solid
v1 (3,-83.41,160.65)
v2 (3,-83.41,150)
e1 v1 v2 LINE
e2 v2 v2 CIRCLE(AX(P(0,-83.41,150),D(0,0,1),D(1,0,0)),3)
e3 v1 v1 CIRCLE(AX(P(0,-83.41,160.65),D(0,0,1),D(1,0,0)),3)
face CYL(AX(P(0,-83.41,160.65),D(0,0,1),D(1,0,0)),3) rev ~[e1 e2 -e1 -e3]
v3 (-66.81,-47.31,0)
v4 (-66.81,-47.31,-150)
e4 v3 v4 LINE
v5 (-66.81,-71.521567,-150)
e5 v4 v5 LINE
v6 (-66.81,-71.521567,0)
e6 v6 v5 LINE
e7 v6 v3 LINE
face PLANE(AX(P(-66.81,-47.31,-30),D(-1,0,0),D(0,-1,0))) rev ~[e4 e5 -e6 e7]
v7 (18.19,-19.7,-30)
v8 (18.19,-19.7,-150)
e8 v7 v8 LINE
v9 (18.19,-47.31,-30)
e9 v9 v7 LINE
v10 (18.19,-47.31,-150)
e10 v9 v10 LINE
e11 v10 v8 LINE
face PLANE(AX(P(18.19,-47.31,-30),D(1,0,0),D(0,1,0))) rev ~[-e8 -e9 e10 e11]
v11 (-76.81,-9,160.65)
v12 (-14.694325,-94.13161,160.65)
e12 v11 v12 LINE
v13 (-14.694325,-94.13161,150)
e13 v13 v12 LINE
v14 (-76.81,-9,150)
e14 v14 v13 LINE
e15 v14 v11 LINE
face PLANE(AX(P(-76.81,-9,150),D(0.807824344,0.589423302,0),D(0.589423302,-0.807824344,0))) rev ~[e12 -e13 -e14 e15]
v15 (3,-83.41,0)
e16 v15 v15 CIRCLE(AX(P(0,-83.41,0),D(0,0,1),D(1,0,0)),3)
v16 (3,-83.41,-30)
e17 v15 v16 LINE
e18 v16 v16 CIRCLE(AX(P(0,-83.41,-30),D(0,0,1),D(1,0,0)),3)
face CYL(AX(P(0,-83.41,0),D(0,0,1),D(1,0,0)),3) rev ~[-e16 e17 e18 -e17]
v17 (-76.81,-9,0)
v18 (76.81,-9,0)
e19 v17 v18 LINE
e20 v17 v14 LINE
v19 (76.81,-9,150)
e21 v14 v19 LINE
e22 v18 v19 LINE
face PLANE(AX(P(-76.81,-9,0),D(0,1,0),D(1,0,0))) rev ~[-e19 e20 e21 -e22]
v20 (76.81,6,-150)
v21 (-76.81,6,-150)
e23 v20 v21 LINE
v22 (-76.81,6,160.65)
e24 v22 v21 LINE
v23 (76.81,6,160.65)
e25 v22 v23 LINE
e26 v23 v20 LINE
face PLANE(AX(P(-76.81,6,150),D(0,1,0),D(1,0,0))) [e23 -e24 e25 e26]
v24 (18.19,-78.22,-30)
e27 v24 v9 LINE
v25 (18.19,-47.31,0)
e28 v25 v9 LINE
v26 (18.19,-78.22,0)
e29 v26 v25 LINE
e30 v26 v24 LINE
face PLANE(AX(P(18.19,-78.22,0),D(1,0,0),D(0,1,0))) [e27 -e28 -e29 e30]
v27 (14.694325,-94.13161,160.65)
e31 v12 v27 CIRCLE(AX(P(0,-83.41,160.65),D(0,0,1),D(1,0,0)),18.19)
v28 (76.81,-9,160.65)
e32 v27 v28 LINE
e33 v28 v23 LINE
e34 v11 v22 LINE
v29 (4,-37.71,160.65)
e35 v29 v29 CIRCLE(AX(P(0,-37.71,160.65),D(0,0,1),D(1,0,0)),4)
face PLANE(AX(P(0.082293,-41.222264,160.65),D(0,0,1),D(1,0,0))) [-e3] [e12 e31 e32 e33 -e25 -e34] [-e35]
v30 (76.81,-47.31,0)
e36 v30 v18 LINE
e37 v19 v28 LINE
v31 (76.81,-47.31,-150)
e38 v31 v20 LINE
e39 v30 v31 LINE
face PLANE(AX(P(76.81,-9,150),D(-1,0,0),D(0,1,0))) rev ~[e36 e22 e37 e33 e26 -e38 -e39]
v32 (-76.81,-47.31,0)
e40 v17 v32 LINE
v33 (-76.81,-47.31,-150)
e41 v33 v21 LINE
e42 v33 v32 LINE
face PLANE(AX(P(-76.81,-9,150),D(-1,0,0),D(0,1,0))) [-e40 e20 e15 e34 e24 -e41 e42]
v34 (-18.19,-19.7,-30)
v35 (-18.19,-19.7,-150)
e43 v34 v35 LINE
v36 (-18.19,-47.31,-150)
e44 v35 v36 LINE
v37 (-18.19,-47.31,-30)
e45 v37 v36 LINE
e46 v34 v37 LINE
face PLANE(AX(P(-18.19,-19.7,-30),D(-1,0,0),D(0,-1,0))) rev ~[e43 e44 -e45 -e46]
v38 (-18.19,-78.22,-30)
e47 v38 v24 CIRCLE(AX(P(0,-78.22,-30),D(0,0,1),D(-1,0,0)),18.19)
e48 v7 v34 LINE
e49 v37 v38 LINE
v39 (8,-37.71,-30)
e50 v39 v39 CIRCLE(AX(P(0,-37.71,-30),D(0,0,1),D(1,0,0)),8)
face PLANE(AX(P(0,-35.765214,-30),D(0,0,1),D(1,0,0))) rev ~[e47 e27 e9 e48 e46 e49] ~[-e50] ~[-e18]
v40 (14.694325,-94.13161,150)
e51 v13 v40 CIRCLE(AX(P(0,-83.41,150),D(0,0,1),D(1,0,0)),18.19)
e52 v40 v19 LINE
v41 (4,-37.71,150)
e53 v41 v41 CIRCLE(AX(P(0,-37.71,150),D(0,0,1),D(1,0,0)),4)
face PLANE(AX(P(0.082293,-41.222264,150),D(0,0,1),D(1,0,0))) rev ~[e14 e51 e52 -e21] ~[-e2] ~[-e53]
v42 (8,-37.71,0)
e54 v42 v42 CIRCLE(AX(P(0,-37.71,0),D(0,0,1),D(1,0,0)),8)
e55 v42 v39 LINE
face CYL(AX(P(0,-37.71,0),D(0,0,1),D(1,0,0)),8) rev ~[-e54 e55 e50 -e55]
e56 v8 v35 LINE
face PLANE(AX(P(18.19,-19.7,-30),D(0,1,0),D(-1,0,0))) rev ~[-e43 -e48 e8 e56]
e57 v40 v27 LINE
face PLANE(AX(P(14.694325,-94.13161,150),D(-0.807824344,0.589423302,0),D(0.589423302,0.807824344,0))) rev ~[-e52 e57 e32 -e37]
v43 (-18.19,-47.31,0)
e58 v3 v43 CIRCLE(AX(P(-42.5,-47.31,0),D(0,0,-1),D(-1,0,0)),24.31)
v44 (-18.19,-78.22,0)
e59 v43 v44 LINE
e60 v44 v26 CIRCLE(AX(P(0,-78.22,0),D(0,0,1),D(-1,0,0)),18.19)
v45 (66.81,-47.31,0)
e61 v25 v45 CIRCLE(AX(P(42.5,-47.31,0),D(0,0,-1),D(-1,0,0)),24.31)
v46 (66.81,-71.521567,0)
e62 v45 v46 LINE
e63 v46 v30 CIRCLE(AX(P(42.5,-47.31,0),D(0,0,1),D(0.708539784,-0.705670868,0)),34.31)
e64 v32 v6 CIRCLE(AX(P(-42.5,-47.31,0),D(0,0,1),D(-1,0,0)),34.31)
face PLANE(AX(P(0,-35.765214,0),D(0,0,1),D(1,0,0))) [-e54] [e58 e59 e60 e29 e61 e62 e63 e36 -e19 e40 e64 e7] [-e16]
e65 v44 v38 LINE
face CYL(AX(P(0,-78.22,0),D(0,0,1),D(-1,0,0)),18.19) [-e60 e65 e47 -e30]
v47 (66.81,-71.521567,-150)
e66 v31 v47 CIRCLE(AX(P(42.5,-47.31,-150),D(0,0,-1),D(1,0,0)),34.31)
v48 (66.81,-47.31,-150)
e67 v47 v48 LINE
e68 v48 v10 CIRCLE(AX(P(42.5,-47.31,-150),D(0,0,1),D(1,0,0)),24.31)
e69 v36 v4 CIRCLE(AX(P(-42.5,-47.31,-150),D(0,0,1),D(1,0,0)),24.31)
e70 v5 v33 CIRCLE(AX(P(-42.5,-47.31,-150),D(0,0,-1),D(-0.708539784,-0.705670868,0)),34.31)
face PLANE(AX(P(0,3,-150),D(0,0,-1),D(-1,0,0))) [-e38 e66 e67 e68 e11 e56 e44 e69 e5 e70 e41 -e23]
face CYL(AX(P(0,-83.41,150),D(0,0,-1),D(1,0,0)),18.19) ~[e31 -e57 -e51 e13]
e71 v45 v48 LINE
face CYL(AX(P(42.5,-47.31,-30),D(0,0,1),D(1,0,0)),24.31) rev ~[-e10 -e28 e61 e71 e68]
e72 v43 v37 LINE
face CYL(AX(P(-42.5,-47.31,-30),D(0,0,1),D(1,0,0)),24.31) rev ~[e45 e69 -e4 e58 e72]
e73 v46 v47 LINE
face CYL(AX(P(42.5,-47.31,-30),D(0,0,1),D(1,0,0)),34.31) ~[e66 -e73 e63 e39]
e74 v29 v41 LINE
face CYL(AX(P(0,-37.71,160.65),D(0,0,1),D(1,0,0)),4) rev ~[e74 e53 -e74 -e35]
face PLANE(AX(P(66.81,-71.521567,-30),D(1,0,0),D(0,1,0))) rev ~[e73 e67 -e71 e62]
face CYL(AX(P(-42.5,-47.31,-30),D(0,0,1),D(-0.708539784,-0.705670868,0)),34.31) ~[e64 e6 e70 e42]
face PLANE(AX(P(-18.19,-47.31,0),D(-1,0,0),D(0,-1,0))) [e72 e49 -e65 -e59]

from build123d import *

# Parameters (mm, degrees)
SKETCH1_R           = 3
SKETCH1_R_2         = 8
BOSS_EXTRUDE1_DEPTH = 30
BOSS_EXTRUDE2_DEPTH = 120
SKETCH5_W           = 153.62
SKETCH5_H           = 9
SKETCH5_H_2         = 6
BOSS_EXTRUDE3_DEPTH = 150
SKETCH6_W           = 153.62
SKETCH6_H           = 6
BOSS_EXTRUDE4_DEPTH = 150
SKETCH7_W           = 153.62
SKETCH7_H           = 15
SKETCH7_R           = 18.19
BOSS_EXTRUDE5_DEPTH = 10.65
CUT_EXTRUDE1_REACH  = 337.747
SKETCH8_R           = 3
SKETCH8_R_2         = 4


with BuildPart() as part:
    # Sketch1 → Boss-Extrude1 (new body)
    with BuildSketch(Plane.XY):
        with BuildLine():
            Line((-18.19, -47.31), (-18.19, -78.22))
            ThreePointArc((-18.19, -78.22), (0, -96.41), (18.19, -78.22))
            Line((18.19, -78.22), (18.19, -47.31))
            ThreePointArc((18.19, -47.31), (42.5, -23), (66.81, -47.31))
            Line((66.81, -47.31), (66.81, -71.521567483))
            ThreePointArc((66.81, -71.521567483), (74.211608285, -60.407709723), (76.81, -47.31))
            Line((76.81, -47.31), (76.81, 0))
            Line((76.81, 0), (-76.81, 0))
            Line((-76.81, 0), (-76.81, -47.31))
            ThreePointArc((-76.81, -47.31), (-74.211608285, -60.407709723), (-66.81, -71.521567483))
            Line((-66.81, -71.521567483), (-66.81, -47.31))
            ThreePointArc((-66.81, -47.31), (-42.5, -23), (-18.19, -47.31))
        make_face()
        with Locations((0, -83.41)):
            Circle(SKETCH1_R, mode=Mode.SUBTRACT)
        with Locations((0, -37.71)):
            Circle(SKETCH1_R_2, mode=Mode.SUBTRACT)
    extrude(amount=-BOSS_EXTRUDE1_DEPTH)

    # Sketch3 → Boss-Extrude2 (add)
    with BuildSketch(Plane(origin=(0, 0, -30), x_dir=(-1, 0, 0), z_dir=(0, 0, -1))):
        with BuildLine():
            Line((-76.81, 0), (-76.81, -47.31))
            ThreePointArc((-76.81, -47.31), (-74.211608285, -60.407709723), (-66.81, -71.521567483))
            Line((-66.81, -71.521567483), (-66.81, -47.31))
            ThreePointArc((-66.81, -47.31), (-42.5, -23), (-18.19, -47.31))
            Line((-18.19, -47.31), (-18.19, -19.7))
            Line((-18.19, -19.7), (18.19, -19.7))
            Line((18.19, -19.7), (18.19, -47.31))
            ThreePointArc((18.19, -47.31), (42.5, -23), (66.81, -47.31))
            Line((66.81, -47.31), (66.81, -71.521567483))
            ThreePointArc((66.81, -71.521567483), (74.211608285, -60.407709723), (76.81, -47.31))
            Line((76.81, -47.31), (76.81, 0))
            Line((76.81, 0), (-76.81, 0))
        make_face()
    extrude(amount=BOSS_EXTRUDE2_DEPTH)

    # Sketch5 → Boss-Extrude3 (add)
    with BuildSketch(Plane.XY):
        with Locations((0, -4.5)):
            Rectangle(SKETCH5_W, SKETCH5_H)
        with Locations((0, 3)):
            Rectangle(SKETCH5_W, SKETCH5_H_2)
    extrude(amount=BOSS_EXTRUDE3_DEPTH)

    # Sketch6 → Boss-Extrude4 (add)
    with BuildSketch(Plane(origin=(0, 0, 0), x_dir=(-1, 0, 0), z_dir=(0, 0, -1))):
        with Locations((0, 3)):
            Rectangle(SKETCH6_W, SKETCH6_H)
    extrude(amount=BOSS_EXTRUDE4_DEPTH)

    # Sketch7 → Boss-Extrude5 (add)
    with BuildSketch(Plane.XY.offset(150)):
        with BuildLine():
            Line((-76.81, -9), (-14.694324823, -94.13160986))
            ThreePointArc((-14.694324823, -94.13160986), (-5.638542873, -66.115985594), (18.19, -83.41))
            ThreePointArc((18.19, -83.41), (17.294014406, -89.048542873), (14.694324823, -94.13160986))
            Line((14.694324823, -94.13160986), (76.81, -9))
            Line((76.81, -9), (-76.81, -9))
        make_face()
        with Locations((0, -1.5)):
            Rectangle(SKETCH7_W, SKETCH7_H)
        with Locations((0, -83.41)):
            Circle(SKETCH7_R)
    extrude(amount=BOSS_EXTRUDE5_DEPTH)

    # Sketch8 → Cut-Extrude1 (cut, up to next)
    with BuildSketch(Plane.XY.offset(160.65), mode=Mode.PRIVATE) as cut_extrude1_sk1:
        with Locations((0, -83.41)):
            Circle(SKETCH8_R)
    cut_extrude1_tool1 = extrude(cut_extrude1_sk1.sketch, amount=-CUT_EXTRUDE1_REACH, mode=Mode.PRIVATE) & part.part
    # Sketch8 → Cut-Extrude1 (cut, up to next)
    with BuildSketch(Plane.XY.offset(160.65), mode=Mode.PRIVATE) as cut_extrude1_sk2:
        with Locations((0, -37.71)):
            Circle(SKETCH8_R_2)
    cut_extrude1_tool2 = extrude(cut_extrude1_sk2.sketch, amount=-CUT_EXTRUDE1_REACH, mode=Mode.PRIVATE) & part.part
    add(cut_extrude1_tool1.solids().sort_by_distance((0, -83.41, 160.65))[0], mode=Mode.SUBTRACT)
    add(cut_extrude1_tool2.solids().sort_by_distance((0, -37.71, 160.65))[0], mode=Mode.SUBTRACT)


solid = part.part
